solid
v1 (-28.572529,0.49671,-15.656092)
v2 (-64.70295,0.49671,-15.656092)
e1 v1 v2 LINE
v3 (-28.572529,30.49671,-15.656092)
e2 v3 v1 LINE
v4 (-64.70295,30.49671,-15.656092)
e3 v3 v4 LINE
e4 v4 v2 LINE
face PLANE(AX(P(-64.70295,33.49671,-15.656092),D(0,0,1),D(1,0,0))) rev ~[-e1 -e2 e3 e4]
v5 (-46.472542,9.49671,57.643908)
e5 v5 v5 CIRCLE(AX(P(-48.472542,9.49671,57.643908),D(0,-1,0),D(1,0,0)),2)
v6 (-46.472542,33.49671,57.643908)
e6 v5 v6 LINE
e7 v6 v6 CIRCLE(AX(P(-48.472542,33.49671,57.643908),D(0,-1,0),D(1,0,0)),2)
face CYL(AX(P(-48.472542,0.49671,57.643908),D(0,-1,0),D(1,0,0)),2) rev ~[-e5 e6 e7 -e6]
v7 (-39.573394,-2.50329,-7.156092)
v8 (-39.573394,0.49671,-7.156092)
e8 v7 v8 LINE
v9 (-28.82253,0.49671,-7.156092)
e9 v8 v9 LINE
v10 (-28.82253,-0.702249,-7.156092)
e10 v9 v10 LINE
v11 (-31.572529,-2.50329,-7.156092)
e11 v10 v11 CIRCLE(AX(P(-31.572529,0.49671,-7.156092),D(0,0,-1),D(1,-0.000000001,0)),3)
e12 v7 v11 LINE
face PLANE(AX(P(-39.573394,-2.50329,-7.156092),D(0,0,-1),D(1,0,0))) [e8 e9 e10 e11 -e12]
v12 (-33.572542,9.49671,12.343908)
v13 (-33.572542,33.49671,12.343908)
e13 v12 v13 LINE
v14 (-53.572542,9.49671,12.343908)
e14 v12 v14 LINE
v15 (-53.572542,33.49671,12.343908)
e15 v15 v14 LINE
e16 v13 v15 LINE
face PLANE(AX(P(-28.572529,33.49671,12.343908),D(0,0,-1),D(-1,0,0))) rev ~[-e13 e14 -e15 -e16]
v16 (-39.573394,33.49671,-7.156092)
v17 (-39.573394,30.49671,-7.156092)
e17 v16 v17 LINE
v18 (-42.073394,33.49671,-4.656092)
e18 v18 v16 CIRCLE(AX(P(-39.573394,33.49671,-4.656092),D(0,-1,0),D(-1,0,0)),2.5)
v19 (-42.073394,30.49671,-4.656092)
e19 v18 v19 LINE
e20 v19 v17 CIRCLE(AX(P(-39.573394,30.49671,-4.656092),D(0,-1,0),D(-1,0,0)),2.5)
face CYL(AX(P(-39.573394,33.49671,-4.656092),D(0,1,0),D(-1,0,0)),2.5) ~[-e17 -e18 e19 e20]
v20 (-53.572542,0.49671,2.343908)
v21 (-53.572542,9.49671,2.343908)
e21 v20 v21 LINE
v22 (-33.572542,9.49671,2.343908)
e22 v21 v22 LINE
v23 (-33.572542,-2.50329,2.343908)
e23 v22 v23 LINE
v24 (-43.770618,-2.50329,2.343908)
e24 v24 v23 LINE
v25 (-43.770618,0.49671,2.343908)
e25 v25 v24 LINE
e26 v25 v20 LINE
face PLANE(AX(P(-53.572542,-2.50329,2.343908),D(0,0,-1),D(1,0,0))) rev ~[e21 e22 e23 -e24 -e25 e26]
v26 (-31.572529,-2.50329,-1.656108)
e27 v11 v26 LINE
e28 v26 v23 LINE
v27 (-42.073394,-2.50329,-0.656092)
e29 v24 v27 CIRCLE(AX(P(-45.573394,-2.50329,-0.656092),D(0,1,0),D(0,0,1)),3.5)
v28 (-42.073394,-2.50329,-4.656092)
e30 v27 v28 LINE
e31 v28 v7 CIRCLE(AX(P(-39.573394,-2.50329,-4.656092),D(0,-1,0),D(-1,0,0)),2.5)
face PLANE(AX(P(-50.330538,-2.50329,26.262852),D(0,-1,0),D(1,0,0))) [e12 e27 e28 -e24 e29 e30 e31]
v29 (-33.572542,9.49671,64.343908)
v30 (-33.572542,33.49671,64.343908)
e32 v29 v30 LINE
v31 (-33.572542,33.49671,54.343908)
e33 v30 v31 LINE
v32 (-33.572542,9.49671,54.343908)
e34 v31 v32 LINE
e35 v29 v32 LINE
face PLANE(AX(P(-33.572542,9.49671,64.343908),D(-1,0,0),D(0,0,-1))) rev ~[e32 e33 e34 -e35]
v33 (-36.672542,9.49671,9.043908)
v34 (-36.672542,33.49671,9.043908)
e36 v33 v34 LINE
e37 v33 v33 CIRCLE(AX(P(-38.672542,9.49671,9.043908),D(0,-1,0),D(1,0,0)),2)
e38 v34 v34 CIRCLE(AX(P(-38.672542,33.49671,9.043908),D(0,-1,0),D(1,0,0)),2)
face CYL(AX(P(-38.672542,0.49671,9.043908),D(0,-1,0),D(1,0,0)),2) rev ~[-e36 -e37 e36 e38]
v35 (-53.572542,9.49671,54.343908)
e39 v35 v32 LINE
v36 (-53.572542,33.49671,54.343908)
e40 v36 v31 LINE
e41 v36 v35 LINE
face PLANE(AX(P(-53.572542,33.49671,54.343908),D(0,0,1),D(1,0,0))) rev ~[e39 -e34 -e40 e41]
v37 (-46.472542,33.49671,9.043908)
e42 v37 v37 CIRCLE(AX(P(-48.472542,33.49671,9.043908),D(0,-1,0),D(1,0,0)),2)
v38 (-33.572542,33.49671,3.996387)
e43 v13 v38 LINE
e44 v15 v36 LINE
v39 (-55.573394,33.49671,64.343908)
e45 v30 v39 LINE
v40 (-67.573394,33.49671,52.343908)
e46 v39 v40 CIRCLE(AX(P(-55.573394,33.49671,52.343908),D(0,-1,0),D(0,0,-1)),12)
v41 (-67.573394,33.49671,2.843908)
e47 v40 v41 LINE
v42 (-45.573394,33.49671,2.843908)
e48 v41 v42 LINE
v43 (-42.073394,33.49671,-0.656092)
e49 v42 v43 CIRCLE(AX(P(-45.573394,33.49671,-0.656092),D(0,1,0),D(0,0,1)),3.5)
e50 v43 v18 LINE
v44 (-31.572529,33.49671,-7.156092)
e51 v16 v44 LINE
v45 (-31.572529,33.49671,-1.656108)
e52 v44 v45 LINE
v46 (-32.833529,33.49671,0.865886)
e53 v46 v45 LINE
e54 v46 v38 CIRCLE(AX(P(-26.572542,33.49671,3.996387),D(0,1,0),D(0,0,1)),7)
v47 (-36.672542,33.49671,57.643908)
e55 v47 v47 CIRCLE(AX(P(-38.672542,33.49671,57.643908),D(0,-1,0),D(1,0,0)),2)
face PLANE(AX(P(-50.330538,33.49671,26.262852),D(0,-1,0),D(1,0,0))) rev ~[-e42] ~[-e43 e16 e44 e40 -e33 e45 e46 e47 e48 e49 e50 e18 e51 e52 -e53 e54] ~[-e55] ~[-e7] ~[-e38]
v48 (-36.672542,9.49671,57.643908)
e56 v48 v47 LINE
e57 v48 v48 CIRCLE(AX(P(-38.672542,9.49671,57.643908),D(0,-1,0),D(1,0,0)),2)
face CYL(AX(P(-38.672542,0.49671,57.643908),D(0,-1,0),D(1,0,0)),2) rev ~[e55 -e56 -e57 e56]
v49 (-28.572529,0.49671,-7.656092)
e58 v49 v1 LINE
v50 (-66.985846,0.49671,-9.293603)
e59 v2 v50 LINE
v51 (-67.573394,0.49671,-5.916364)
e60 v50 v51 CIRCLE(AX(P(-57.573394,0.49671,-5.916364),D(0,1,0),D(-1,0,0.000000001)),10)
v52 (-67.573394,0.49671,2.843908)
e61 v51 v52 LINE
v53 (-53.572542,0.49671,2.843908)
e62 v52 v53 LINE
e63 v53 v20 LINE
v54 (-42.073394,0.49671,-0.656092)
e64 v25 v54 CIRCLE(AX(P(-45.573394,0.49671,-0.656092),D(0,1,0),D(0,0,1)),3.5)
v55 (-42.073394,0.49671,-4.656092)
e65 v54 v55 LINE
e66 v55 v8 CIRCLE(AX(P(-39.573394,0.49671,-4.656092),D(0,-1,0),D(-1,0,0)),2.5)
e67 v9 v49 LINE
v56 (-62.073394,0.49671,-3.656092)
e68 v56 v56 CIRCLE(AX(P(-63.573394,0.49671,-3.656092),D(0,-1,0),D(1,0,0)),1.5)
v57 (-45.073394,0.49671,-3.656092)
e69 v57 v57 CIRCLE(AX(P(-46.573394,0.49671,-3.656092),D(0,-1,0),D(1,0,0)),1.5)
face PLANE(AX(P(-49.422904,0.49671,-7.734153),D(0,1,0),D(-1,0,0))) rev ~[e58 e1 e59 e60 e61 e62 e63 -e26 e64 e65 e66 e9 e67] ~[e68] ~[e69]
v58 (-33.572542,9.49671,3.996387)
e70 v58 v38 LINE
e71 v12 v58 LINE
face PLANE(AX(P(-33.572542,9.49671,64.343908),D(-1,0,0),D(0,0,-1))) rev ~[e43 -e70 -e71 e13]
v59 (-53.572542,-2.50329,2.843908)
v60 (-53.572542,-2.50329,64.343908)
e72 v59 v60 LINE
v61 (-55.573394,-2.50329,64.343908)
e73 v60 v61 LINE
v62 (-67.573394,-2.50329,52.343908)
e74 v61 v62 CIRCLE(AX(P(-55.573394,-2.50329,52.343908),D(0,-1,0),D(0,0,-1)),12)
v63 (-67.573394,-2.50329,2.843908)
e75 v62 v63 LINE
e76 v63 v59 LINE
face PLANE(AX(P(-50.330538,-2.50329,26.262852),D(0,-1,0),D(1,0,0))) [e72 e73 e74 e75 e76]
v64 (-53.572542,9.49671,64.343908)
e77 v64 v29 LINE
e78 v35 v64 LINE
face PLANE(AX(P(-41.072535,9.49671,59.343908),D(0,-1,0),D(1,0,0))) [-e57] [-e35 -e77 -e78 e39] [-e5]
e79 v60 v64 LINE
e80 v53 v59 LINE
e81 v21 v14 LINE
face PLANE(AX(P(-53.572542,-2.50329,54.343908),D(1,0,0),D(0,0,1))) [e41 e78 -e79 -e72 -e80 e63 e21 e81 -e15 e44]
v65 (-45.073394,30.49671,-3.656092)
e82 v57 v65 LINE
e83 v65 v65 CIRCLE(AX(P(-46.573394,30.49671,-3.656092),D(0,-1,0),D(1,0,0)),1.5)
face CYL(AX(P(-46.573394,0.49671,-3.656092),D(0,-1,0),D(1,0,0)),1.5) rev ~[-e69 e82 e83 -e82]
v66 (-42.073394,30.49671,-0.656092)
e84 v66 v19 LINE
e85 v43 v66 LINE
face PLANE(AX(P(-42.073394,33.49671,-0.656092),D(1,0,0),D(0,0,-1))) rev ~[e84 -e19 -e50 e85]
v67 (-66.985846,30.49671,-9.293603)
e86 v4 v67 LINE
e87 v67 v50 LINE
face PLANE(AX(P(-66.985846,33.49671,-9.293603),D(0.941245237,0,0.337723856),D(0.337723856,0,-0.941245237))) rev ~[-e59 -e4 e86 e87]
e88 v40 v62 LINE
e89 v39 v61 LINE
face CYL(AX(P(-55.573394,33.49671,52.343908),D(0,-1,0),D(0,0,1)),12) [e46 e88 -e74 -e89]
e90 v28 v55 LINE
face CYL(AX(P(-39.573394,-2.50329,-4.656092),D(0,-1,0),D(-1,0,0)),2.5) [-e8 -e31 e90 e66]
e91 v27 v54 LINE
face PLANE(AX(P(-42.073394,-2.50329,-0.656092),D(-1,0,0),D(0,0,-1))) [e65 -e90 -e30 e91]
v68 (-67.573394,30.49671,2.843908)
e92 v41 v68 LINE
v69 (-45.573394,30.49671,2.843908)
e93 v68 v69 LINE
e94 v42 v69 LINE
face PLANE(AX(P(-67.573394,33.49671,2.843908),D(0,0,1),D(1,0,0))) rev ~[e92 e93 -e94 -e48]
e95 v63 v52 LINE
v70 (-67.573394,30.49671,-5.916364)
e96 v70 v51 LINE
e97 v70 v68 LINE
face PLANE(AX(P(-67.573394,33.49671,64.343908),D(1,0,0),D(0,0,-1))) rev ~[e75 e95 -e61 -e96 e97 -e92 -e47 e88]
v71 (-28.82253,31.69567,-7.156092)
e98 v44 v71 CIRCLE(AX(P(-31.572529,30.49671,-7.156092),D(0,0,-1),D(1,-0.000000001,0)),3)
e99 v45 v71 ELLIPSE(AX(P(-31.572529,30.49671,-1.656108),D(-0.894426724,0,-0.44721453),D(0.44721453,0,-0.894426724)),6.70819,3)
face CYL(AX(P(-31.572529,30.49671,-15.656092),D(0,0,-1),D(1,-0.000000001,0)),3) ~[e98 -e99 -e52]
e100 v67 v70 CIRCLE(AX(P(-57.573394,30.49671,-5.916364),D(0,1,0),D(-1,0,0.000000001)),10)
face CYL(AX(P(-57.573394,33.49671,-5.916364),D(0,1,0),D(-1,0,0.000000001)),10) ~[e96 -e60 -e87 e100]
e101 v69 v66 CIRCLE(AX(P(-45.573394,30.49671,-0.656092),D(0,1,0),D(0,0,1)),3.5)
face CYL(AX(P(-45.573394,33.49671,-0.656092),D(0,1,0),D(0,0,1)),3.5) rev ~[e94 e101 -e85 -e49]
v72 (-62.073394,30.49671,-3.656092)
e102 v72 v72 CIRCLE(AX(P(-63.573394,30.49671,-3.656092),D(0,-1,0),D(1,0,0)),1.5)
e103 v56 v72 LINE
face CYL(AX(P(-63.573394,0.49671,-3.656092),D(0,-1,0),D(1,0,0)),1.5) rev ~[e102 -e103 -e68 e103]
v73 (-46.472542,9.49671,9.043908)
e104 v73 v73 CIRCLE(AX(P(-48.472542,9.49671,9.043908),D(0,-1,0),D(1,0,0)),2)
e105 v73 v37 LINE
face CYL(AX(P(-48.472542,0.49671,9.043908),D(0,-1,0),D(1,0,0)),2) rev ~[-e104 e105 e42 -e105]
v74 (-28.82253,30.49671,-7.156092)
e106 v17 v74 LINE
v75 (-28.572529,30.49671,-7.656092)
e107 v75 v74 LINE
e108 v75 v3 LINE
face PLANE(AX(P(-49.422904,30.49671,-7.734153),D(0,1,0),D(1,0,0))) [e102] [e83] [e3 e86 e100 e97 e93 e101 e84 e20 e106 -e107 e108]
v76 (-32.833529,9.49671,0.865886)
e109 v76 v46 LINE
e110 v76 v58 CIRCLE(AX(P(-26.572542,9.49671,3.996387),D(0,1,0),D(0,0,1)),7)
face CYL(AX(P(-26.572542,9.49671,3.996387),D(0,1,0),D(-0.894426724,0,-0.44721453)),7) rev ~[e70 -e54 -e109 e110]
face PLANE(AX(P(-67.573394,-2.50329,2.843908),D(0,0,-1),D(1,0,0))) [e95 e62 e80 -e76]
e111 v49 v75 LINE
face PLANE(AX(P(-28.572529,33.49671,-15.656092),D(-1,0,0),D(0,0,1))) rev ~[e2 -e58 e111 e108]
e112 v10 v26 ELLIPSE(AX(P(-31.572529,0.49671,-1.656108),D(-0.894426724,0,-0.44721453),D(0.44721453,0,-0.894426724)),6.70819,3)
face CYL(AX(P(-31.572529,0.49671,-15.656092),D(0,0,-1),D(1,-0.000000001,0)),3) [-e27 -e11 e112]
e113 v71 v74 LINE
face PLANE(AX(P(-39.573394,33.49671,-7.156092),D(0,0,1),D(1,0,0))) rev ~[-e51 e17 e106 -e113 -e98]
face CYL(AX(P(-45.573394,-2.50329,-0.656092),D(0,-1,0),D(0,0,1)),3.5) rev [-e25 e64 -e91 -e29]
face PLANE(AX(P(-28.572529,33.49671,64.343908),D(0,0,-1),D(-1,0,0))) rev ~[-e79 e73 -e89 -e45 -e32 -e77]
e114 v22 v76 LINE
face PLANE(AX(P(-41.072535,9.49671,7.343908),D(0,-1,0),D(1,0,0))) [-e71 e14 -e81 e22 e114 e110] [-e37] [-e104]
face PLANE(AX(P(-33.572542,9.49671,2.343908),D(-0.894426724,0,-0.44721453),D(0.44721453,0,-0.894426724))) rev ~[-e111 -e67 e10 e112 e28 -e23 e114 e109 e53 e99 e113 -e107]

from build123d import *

# Parameters (mm, degrees)
BOSS_EXTRUDE1_DEPTH     = 36
CUT_EXTRUDE2_DEPTH      = 3
CUT_EXTRUDE3_DEPTH      = 3
FILLET3_R               = 12
SKETCH5_W               = 25.000013064
SKETCH5_H               = 10
SKETCH5_H_2             = 9.999999996
CUT_EXTRUDE4_DEPTH      = 12
CUT_EXTRUDE5_DEPTH      = 13
CUT_EXTRUDE5_DEPTH_BACK = 25
FILLET4_R               = 7
CUT_EXTRUDE6_DEPTH      = 1
CUT_EXTRUDE6_DEPTH_BACK = 81
SKETCH8_R               = 1.5
SKETCH8_R_2             = 2
CUT_EXTRUDE7_DEPTH      = 34


with BuildPart() as part:
    # Sketch1 → Boss-Extrude1 (new body)
    with BuildSketch(Plane.XZ.offset(-33.496710387)):
        with BuildLine():
            Line((-28.572528903, 54.343907724), (-28.572528903, 64.34390772))
            Line((-28.572528903, 64.34390772), (-67.573393535, 64.34390772))
            Line((-67.573393535, 64.34390772), (-67.573393535, -5.916364341))
            ThreePointArc((-67.573393535, -5.916364341), (-67.425411698, -7.63034746), (-66.98584591, -9.293602903))
            Line((-66.98584591, -9.293602903), (-64.702950485, -15.65609228))
            Line((-64.702950485, -15.65609228), (-28.572528903, -15.65609228))
            Line((-28.572528903, -15.65609228), (-28.572528903, 12.343907724))
            Line((-28.572528903, 12.343907724), (-53.572541967, 12.343907724))
            Line((-53.572541967, 12.343907724), (-53.572541967, 54.343907724))
            Line((-53.572541967, 54.343907724), (-28.572528903, 54.343907724))
        make_face()
    extrude(amount=BOSS_EXTRUDE1_DEPTH)

    # Sketch3 → Cut-Extrude2 (cut)
    with BuildSketch(Plane.XZ.offset(2.503289613)):
        with BuildLine():
            Line((-28.572528903, -15.65609228), (-67.573393527, -15.65609228))
            Line((-67.573393527, -15.65609228), (-67.573393527, 2.843907727))
            Line((-67.573393527, 2.843907727), (-45.573393535, 2.843907727))
            ThreePointArc((-45.573393535, 2.843907727), (-43.098519801, 1.818781461), (-42.073393535, -0.656092273))
            Line((-42.073393535, -0.656092273), (-42.073393535, -4.656092274))
            ThreePointArc((-42.073393535, -4.656092274), (-41.341160488, -6.423859227), (-39.573393535, -7.156092274))
            Line((-39.573393535, -7.156092274), (-28.572528903, -7.156092274))
            Line((-28.572528903, -7.156092274), (-28.572528903, -15.65609228))
        make_face()
    extrude(amount=-CUT_EXTRUDE2_DEPTH, mode=Mode.SUBTRACT)

    # Sketch4 → Cut-Extrude3 (cut)
    with BuildSketch(Plane(origin=(0, 33.496710387, 0), x_dir=(1, 0, 0), z_dir=(0, 1, 0))):
        with BuildLine():
            Line((-67.573393527, 15.65609228), (-67.573393527, -2.843907727))
            Line((-67.573393527, -2.843907727), (-45.573393535, -2.843907727))
            ThreePointArc((-45.573393535, -2.843907727), (-43.098519801, -1.818781461), (-42.073393535, 0.656092273))
            Line((-42.073393535, 0.656092273), (-42.073393535, 4.656092274))
            ThreePointArc((-42.073393535, 4.656092274), (-41.341160488, 6.423859227), (-39.573393535, 7.156092274))
            Line((-39.573393535, 7.156092274), (-28.572528903, 7.156092274))
            Line((-28.572528903, 7.156092274), (-28.572528903, 15.65609228))
            Line((-28.572528903, 15.65609228), (-67.573393527, 15.65609228))
        make_face()
    extrude(amount=-CUT_EXTRUDE3_DEPTH, mode=Mode.SUBTRACT)

    # Fillet3
    fillet3_edges = [part.edges().sort_by_distance(p)[0] for p in [
        (-67.573393535, 15.496710387, 64.34390772),
    ]]
    fillet(fillet3_edges, radius=FILLET3_R)

    # Sketch5 → Cut-Extrude4 (cut)
    with BuildSketch(Plane.XZ.offset(2.503289613)):
        with Locations((-41.072535435, 7.343907724)):
            Rectangle(SKETCH5_W, SKETCH5_H)
        with Locations((-41.072535435, 59.343907722)):
            Rectangle(SKETCH5_W, SKETCH5_H_2)
    extrude(amount=-CUT_EXTRUDE4_DEPTH, mode=Mode.SUBTRACT)

    # Sketch6 → Cut-Extrude5 (cut, two sides)
    with BuildSketch(Plane.XZ.offset(-9.496710387)) as cut_extrude5_sk:
        Polygon((-33.572541967, 64.34390772), (-33.572541967, 2.343907724), (-28.572528903, -7.656092278), (-28.572528903, 64.34390772), align=None)
    extrude(amount=CUT_EXTRUDE5_DEPTH, mode=Mode.SUBTRACT)
    extrude(cut_extrude5_sk.sketch, amount=-CUT_EXTRUDE5_DEPTH_BACK, mode=Mode.SUBTRACT)

    # Fillet4
    fillet4_edges = [part.edges().sort_by_distance(p)[0] for p in [
        (-33.572541967, 21.496710387, 2.343907724),
    ]]
    fillet(fillet4_edges, radius=FILLET4_R)

    # Sketch7 → Cut-Extrude6 (cut, two sides)
    with BuildSketch(Plane(origin=(0, 0, -15.65609228), x_dir=(-1, 0, 0), z_dir=(0, 0, -1))) as cut_extrude6_sk:
        with BuildLine():
            Line((31.572528926, -2.503289613), (28.572528926, -2.503289613))
            Line((28.572528926, -2.503289613), (28.572528926, 0.496710387))
            ThreePointArc((28.572528926, 0.496710387), (29.451208582, -1.624609954), (31.572528926, -2.503289613))
        make_face()
        with BuildLine():
            Line((31.572528902, 33.496710387), (28.572528902, 33.496710387))
            Line((28.572528902, 33.496710387), (28.572528902, 30.496710387))
            ThreePointArc((28.572528902, 30.496710387), (29.451208558, 32.618030731), (31.572528902, 33.496710387))
        make_face()
    extrude(amount=CUT_EXTRUDE6_DEPTH, mode=Mode.SUBTRACT)
    extrude(cut_extrude6_sk.sketch, amount=-CUT_EXTRUDE6_DEPTH_BACK, mode=Mode.SUBTRACT)

    # Sketch8 → Cut-Extrude7 (cut, through all)
    with BuildSketch(Plane.XZ.offset(-0.496710387)):
        with Locations((-46.573393534, -3.65609228)):
            Circle(SKETCH8_R)
        with Locations((-63.573393534, -3.656092278)):
            Circle(SKETCH8_R)
        with Locations((-38.672541967, 9.043907724)):
            Circle(SKETCH8_R_2)
        with Locations((-48.472541967, 9.043907724)):
            Circle(SKETCH8_R_2)
        with Locations((-48.472541967, 57.643907724)):
            Circle(SKETCH8_R_2)
        with Locations((-38.672541967, 57.643907724)):
            Circle(SKETCH8_R_2)
    extrude(amount=-CUT_EXTRUDE7_DEPTH, mode=Mode.SUBTRACT)


solid = part.part
